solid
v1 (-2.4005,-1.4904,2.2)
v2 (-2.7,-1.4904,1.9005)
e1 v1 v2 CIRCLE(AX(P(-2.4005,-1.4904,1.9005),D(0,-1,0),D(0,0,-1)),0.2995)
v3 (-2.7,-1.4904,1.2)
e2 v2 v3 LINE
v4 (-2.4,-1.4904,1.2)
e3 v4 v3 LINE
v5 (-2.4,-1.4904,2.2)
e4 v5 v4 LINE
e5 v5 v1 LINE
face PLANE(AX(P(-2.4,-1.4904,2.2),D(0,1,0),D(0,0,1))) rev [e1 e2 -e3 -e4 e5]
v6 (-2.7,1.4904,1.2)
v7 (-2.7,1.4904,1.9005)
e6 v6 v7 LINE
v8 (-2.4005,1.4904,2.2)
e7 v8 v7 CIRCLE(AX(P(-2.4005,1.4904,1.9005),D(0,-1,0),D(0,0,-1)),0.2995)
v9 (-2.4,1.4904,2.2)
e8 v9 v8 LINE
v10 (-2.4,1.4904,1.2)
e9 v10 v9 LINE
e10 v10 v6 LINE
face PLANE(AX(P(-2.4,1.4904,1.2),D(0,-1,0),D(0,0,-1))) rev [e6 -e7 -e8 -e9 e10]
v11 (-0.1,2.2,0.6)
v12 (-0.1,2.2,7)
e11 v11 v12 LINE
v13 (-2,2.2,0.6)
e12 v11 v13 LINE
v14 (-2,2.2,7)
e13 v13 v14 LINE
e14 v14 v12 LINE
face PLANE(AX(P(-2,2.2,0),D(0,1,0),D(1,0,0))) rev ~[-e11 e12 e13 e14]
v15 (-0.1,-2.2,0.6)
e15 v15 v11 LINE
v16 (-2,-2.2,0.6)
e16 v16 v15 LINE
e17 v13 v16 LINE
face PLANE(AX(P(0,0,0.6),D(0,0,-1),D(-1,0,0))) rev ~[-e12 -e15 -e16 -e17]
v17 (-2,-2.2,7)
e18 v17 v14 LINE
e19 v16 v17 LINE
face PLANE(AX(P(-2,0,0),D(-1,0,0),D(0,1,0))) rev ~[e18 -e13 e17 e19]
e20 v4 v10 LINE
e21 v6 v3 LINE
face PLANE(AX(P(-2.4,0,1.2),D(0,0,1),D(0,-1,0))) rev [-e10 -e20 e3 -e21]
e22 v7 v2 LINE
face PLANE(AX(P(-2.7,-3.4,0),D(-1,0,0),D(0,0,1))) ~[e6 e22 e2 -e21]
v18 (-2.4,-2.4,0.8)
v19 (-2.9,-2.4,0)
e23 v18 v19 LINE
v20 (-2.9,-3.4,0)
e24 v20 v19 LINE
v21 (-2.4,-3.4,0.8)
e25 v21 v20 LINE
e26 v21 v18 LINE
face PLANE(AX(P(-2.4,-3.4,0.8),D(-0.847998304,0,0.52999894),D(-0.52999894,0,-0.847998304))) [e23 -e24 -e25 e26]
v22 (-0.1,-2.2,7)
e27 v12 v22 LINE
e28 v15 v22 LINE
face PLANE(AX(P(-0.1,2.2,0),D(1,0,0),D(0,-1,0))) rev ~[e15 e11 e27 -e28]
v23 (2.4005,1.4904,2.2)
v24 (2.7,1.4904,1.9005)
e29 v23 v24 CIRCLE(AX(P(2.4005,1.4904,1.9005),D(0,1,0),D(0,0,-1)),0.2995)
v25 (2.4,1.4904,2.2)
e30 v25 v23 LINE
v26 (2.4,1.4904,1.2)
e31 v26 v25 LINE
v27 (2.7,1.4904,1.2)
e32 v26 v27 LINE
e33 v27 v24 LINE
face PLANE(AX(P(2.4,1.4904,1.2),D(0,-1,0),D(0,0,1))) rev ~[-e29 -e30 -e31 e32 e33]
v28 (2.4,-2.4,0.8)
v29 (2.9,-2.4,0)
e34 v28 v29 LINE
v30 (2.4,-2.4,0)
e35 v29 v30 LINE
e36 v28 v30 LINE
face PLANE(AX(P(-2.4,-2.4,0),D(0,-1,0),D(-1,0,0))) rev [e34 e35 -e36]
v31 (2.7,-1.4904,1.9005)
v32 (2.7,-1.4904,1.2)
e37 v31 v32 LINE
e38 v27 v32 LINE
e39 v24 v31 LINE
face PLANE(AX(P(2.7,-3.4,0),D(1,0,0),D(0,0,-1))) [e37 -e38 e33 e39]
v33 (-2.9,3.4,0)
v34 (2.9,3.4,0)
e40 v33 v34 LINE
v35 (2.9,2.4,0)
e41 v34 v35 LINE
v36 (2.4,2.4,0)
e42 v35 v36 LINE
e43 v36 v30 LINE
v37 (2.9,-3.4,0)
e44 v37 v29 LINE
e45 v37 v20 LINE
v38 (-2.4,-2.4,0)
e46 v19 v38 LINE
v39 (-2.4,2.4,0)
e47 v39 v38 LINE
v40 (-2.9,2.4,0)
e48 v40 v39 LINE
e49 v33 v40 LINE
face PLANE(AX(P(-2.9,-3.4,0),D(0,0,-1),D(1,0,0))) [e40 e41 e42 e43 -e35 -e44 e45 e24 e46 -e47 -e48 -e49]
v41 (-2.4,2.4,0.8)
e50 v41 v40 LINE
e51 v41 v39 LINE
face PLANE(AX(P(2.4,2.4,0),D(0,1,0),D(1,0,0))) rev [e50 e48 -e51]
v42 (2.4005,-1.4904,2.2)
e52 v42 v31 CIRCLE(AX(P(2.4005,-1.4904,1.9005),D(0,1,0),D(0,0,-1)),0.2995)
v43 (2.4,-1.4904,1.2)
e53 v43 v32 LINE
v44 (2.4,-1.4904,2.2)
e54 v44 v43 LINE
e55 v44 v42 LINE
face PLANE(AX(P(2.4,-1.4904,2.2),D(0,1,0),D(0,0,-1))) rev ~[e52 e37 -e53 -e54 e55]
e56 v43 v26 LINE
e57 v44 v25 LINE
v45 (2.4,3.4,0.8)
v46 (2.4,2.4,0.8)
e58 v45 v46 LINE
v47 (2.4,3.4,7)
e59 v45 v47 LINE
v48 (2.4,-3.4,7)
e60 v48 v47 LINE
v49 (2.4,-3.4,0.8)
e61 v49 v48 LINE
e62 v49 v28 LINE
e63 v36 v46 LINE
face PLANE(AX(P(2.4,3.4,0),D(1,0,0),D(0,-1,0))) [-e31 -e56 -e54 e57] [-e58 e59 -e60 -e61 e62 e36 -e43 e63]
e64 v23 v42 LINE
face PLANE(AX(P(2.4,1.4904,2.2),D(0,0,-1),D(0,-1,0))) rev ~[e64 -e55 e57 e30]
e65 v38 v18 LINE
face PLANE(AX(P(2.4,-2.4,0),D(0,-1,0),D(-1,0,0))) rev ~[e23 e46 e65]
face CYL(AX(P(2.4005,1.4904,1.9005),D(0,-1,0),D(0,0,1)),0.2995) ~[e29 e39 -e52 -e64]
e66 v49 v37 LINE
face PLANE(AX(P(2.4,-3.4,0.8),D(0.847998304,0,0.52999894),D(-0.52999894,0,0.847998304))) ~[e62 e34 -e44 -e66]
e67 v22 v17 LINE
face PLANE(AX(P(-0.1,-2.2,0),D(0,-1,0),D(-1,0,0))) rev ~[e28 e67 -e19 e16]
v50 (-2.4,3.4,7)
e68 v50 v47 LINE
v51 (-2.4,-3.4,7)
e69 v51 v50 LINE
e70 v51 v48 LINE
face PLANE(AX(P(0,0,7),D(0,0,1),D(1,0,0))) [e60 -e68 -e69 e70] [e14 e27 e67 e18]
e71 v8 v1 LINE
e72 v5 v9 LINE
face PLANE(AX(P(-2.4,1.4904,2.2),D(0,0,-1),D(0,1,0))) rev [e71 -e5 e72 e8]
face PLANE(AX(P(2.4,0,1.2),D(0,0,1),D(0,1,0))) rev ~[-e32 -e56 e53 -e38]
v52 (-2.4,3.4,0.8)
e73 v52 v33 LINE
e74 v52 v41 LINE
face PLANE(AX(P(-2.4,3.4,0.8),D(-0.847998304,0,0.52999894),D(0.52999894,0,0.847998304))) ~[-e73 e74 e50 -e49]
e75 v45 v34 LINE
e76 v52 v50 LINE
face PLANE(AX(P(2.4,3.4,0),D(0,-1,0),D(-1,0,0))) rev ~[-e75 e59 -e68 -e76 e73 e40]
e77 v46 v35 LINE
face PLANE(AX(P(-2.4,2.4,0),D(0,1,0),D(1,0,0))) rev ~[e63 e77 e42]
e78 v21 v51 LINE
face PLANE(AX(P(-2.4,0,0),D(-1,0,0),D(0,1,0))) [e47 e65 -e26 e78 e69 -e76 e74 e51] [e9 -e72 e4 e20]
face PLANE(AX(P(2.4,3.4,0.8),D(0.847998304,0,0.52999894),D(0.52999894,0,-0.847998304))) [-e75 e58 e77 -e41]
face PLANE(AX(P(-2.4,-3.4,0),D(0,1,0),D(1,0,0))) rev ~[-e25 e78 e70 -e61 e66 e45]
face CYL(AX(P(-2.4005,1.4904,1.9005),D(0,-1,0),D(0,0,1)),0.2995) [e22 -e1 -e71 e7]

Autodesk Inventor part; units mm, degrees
ref_plane "YZ Plane" through (0, 0, 0) normal (1, 0, 0) x (0, 1, 0)
ref_plane "XZ Plane" through (0, 0, 0) normal (0, 1, 0) x (-1, 0, 0)
ref_plane "XY Plane" through (0, 0, 0) normal (0, 0, 1) x (1, 0, 0)
sketch "Boceto1" plane through (0, 0, 0) normal (0, 0, 1) x (1, 0, 0)
  line L0 (-2.4, 3.4) -> (2.4, 3.4)
  line L1 (2.4, 3.4) -> (2.4, -3.4)
  line L2 (2.4, -3.4) -> (-2.4, -3.4)
  line L3 (-2.4, -3.4) -> (-2.4, 3.4)
  line L4 (0, -4.76) -> (0, 4.76) projected
  line L5 (-3.36, 0) -> (3.36, 0) projected
  line L6 (-2, 2.2) -> (-0.1, 2.2)
  line L7 (-0.1, 2.2) -> (-0.1, -2.2)
  line L8 (-0.1, -2.2) -> (-2, -2.2)
  line L9 (-2, -2.2) -> (-2, 2.2)
  dimension "d0" = 4.8
  dimension "d1" = 6.8
  dimension "d19" = 1.9
  dimension "d20" = 4.4
  dimension "d21" = 0.4
extrude "Extrusión1" add sketch "Boceto1" along normal blind 7 contours L0 L4 L5 L7 L6 L9 L3 | L0 L1 L5 L4 | L5 L9 L8 L7 L4 L2 L3 | L5 L1 L2 L4
sketch "Boceto2" plane through (2.4, -3.4, 0) normal (1, 0, 0) x (0, 0, -1)
  line L0 (-1.2, 4.8904) -> (-2.2, 4.8904)
  line L1 (-2.2, 4.8904) -> (-2.2, 1.9096)
  line L2 (-2.2, 1.9096) -> (-1.2, 1.9096)
  line L3 (-1.2, 1.9096) -> (-1.2, 4.8904)
  line L4 (1.4, 3.4) -> (-8.4, 3.4) projected
  line L5 (0, 0) -> (0, 6.8) projected
  point P0 (0, 3.4)
  dimension "d8" = 1.2
  dimension "d9" = 1
extrude "Extrusión2" add sketch "Boceto2" along normal blind 0.3
sketch "Boceto3" plane through (-2.4, 3.4, 0) normal (0, 1, 0) x (1, 0, 0)
  line L0 (4.8, 0) -> (0, 0) projected
  line L1 (4.8, 0) -> (4.8, -0.8)
  line L2 (4.8, 0) -> (4.8, -7) projected
  line L3 (4.8, -0.8) -> (5.3, 0)
  line L4 (5.3, 0) -> (4.8, 0)
  point P0 (2.4, 0)
  dimension "d12" = 0.8
  dimension "d22" = 0.5
extrude "Extrusión3" add sketch "Boceto3" against normal blind 1
fillet "Empalme1" radius 0.3 1 edges at (2.7, 0, 2.2)
mirror "Simetría1" about plane through (0, 0, 0) normal (1, 0, 0) of "Extrusión2", "Empalme1"
mirror "Simetría2" about plane through (0, 0, 0) normal (1, 0, 0) of "Extrusión3"
mirror "Simetría3" about plane through (0, 0, 0) normal (0, 1, 0) of "Extrusión3", "Simetría2"
sketch "Boceto4" plane through (0, 0, 0) normal (0, 0, -1) x (-1, 0, 0)
  line L0 (-2.9, 3.4) -> (2.9, 3.4) projected
  line L1 (-2.9, 3.4) -> (-2.9, 2.4) projected
  line L2 (-2.4, 2.4) -> (-2.9, 2.4) projected
  line L3 (-2.4, -2.4) -> (-2.4, 2.4) projected
  line L4 (-2.4, -2.4) -> (-2.9, -2.4) projected
  line L5 (-2.9, -3.4) -> (-2.9, -2.4) projected
  line L6 (2.9, -3.4) -> (-2.9, -3.4) projected
  line L7 (2.9, -3.4) -> (2.9, -2.4) projected
  line L8 (2.4, -2.4) -> (2.9, -2.4) projected
  line L9 (2.4, 2.4) -> (2.4, -2.4) projected
  line L10 (2.4, 2.4) -> (2.9, 2.4) projected
  line L11 (2.9, 3.4) -> (2.9, 2.4) projected
  line L12 (2.4, -3.4) -> (-2.4, -3.4) projected
  line L13 (-2.4, -3.4) -> (-2.4, 3.4) projected
  line L14 (2.4, -3.4) -> (-2.4, -3.4)
  line L15 (-2.4, -3.4) -> (-2.4, 3.4)
  line L16 (-2.4, 3.4) -> (2.4, 3.4)
  line L17 (2.4, 3.4) -> (2.4, -3.4)
  point P0 (0, 0)
extrude "Extrusión4" add sketch "Boceto4" against normal blind 0.6 contours L0 L17 L9 L6 L13 L3
properties part number "Porta Hall Sensor 40-250"
